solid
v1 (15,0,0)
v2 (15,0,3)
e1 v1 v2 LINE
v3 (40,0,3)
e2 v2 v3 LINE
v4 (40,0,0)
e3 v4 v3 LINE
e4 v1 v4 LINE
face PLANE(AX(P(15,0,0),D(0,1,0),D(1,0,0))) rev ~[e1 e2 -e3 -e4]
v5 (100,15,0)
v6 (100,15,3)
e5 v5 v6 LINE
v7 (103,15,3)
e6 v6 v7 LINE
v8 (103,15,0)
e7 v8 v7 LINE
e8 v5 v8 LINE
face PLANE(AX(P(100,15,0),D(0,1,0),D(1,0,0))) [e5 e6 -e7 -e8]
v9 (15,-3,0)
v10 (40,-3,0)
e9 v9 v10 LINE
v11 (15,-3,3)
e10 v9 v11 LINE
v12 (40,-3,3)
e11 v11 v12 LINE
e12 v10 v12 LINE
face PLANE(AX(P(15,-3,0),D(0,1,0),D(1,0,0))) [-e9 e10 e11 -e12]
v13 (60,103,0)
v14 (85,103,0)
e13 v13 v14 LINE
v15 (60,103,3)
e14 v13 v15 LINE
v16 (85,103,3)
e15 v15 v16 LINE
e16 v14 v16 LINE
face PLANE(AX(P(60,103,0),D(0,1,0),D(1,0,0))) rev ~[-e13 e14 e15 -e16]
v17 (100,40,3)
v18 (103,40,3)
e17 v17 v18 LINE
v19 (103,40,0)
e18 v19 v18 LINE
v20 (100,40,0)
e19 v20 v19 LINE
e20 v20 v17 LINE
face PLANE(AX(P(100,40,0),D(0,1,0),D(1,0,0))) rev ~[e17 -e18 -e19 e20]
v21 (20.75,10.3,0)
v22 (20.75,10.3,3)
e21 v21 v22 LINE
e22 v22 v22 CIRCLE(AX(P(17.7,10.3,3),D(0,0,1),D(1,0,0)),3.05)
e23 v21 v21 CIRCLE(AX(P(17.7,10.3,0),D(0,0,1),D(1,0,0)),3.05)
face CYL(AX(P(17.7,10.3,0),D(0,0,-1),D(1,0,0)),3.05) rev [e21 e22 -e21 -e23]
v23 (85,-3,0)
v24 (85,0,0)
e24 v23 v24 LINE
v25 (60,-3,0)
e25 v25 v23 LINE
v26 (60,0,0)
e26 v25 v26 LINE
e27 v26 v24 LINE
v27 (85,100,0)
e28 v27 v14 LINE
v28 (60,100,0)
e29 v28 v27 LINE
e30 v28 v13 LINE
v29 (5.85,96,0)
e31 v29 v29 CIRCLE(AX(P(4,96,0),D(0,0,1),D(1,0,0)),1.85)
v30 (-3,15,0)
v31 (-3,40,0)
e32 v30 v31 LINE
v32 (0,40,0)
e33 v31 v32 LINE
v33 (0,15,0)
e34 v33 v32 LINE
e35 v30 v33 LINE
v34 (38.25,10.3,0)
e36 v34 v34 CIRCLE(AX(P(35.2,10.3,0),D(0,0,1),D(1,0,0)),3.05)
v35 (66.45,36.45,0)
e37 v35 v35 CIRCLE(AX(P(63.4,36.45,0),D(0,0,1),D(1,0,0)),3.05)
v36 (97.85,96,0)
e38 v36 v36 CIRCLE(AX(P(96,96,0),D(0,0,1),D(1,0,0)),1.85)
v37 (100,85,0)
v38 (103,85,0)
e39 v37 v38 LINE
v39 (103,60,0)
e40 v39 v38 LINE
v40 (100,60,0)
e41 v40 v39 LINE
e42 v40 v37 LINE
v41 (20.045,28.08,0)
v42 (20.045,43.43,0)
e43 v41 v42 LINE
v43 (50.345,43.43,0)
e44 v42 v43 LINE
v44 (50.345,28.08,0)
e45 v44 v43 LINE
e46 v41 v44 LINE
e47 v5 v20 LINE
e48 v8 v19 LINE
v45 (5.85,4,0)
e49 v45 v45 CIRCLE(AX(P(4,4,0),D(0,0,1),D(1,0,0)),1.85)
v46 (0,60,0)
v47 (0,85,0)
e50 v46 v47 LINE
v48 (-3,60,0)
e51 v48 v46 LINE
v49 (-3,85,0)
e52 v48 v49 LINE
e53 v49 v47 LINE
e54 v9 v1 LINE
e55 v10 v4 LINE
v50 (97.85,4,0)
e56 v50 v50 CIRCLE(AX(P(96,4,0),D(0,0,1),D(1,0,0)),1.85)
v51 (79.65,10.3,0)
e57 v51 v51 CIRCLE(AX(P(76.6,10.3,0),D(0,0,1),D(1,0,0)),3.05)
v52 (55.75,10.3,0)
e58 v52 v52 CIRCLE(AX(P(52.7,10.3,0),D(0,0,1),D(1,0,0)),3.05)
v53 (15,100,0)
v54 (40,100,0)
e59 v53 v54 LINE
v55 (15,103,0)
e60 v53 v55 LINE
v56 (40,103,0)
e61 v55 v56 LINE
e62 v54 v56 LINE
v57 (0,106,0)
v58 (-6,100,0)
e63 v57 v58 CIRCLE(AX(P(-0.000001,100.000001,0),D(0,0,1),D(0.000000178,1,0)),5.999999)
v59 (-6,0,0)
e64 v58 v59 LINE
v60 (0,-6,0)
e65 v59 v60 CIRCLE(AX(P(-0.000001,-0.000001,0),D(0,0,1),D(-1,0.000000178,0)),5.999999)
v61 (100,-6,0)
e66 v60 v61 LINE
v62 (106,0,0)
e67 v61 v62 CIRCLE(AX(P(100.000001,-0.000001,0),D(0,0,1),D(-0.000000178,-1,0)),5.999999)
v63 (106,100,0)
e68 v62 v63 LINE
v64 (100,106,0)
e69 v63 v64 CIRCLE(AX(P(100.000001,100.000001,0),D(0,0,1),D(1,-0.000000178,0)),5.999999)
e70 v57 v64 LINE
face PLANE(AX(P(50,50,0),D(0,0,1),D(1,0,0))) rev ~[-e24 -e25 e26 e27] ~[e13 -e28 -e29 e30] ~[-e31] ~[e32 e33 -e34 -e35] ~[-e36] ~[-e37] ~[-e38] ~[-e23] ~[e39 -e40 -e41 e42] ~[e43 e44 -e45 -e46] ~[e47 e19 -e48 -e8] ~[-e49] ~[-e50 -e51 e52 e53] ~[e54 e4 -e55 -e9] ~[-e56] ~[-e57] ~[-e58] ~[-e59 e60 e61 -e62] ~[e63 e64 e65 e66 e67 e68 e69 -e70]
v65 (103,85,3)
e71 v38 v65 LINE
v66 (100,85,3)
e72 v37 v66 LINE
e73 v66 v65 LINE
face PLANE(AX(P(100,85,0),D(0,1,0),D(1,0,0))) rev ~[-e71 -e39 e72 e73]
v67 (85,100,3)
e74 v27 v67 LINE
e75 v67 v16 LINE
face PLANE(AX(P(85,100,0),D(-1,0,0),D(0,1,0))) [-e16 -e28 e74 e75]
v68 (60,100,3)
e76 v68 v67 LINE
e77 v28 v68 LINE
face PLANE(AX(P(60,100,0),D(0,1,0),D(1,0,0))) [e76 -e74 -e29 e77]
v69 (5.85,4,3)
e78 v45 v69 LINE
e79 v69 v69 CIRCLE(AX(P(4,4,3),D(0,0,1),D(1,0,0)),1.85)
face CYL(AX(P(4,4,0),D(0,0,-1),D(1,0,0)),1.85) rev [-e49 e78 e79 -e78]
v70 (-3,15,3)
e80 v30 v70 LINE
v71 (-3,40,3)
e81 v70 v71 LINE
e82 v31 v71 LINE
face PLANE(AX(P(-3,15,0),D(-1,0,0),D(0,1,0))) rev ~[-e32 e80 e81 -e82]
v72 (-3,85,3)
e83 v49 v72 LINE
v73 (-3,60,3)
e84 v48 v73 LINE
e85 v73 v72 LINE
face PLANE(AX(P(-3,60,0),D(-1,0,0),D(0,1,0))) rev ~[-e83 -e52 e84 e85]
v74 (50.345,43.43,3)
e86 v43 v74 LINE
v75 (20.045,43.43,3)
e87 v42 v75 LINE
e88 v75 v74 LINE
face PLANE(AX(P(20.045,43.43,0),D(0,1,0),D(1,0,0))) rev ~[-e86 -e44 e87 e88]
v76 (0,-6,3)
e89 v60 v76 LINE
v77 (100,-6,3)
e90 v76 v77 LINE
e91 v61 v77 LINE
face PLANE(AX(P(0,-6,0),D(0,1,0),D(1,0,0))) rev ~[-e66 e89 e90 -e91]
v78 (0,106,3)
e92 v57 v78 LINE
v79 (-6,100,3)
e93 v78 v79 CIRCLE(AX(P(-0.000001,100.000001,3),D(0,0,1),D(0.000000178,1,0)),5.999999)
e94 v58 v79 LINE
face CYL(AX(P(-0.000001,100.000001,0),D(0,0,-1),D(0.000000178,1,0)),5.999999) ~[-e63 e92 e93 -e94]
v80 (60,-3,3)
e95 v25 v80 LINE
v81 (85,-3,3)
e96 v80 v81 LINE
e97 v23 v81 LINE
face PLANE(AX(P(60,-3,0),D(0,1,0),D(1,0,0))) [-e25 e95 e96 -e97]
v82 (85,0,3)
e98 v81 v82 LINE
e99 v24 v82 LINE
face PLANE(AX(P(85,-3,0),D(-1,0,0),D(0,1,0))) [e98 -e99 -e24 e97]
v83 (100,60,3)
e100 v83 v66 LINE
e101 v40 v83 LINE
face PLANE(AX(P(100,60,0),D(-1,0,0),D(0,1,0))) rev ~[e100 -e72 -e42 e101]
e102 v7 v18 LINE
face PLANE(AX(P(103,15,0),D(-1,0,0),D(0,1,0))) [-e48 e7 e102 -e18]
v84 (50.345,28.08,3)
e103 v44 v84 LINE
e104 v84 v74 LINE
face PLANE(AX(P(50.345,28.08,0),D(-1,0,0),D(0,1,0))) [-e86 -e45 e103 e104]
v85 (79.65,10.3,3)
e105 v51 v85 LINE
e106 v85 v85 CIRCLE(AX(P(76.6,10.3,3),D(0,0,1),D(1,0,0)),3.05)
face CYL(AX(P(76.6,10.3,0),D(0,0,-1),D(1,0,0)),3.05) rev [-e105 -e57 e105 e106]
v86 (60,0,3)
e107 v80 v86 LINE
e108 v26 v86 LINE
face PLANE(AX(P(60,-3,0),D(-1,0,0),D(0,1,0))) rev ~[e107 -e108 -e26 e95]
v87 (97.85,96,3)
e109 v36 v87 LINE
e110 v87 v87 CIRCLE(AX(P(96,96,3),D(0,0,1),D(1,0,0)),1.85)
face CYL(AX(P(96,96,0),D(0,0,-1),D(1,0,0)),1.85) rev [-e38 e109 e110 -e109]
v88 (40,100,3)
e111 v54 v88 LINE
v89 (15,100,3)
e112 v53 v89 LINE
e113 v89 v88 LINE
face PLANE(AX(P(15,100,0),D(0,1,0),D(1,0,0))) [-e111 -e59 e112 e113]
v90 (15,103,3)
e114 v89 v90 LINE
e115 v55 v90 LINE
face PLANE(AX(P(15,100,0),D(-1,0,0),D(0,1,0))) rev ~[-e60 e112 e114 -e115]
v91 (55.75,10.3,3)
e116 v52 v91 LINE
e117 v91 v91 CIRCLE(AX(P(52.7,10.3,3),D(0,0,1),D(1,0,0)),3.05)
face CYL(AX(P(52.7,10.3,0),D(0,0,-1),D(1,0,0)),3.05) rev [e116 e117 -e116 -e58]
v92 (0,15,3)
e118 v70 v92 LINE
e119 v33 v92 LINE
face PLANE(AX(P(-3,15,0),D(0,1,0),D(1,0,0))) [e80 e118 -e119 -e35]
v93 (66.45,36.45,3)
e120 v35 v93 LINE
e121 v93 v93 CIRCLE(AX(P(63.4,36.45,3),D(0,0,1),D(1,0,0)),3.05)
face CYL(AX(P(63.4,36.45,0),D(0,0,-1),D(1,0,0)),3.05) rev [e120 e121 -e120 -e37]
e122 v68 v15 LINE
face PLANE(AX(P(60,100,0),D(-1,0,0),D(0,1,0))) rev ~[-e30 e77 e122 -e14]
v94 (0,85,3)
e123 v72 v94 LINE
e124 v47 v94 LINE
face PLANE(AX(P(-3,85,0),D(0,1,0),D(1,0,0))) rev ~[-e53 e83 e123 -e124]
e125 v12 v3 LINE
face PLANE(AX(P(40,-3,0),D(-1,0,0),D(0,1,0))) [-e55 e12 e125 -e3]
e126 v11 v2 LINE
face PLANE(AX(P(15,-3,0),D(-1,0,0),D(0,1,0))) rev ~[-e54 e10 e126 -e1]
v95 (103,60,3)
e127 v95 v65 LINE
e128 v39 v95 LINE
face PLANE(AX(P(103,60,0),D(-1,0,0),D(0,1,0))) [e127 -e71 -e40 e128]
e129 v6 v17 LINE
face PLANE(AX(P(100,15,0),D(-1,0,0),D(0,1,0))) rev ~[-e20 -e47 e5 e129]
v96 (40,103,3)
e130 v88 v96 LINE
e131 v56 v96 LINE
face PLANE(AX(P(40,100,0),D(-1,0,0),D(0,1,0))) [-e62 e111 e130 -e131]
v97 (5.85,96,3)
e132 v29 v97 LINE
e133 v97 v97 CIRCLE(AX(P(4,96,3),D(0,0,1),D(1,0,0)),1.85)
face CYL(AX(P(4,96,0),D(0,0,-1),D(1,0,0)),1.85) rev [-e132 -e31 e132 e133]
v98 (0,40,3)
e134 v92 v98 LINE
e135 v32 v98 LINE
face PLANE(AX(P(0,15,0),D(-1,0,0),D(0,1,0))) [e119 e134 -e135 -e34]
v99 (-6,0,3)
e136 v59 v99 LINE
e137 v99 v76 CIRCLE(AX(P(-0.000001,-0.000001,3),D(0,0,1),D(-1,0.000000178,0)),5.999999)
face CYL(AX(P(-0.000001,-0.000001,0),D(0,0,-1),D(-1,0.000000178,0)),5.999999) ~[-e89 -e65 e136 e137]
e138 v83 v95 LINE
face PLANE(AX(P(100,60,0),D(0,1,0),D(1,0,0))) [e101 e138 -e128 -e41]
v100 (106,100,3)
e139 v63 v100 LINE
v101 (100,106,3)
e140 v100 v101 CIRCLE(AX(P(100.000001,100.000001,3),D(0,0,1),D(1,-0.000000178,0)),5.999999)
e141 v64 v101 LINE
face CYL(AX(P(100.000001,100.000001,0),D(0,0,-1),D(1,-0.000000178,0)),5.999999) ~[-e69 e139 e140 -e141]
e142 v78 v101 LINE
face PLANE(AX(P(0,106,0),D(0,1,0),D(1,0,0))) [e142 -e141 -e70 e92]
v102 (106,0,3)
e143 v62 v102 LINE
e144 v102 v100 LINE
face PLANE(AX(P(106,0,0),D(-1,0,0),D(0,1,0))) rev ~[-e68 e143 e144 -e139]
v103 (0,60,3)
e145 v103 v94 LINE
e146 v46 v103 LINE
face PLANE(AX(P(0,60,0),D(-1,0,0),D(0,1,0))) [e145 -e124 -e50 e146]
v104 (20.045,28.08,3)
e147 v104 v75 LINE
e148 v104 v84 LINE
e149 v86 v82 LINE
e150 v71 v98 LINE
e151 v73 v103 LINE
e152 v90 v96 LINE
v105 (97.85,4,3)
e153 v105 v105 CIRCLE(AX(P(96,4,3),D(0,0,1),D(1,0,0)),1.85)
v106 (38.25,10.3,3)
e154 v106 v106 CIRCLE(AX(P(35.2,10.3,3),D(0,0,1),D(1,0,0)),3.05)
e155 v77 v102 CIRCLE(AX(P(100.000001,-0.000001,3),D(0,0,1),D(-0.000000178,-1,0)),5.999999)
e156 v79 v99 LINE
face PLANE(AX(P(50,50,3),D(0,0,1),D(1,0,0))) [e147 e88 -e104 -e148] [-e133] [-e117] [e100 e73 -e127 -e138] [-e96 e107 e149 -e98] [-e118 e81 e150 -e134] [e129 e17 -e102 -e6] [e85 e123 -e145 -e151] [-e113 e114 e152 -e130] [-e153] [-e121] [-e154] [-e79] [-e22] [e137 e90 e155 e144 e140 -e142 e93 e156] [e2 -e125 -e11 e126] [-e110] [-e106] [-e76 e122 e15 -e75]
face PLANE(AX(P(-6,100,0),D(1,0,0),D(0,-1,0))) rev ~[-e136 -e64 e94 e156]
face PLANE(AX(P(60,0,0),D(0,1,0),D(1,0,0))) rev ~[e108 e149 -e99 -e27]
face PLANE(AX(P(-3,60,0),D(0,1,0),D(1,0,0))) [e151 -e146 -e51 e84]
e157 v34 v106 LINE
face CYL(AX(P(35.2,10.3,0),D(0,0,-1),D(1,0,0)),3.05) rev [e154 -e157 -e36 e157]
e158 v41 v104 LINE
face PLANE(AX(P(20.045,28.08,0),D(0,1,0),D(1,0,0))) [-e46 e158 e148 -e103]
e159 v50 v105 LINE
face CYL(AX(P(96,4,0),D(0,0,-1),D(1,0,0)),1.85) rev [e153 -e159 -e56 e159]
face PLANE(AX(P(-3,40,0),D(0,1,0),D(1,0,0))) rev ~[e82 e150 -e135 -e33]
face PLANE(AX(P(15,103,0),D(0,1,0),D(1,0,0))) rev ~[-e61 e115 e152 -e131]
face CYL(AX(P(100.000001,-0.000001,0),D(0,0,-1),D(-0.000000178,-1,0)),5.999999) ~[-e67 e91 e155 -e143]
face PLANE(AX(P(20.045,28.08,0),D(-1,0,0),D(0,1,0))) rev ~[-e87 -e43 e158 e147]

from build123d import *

# Parameters (mm, degrees)
SKETCH_R      = 3.05
SKETCH_R_2    = 1.85
SKETCH_W      = 30.3
SKETCH_H      = 15.35
SKETCH_W_2    = 25
SKETCH_H_2    = 3
SKETCH_W_3    = 3
SKETCH_H_3    = 25
EXTRUDE_DEPTH = 3


with BuildPart() as part:
    # Sketch → Extrude (new body)
    with BuildSketch(Plane.XY):
        with BuildLine():
            ThreePointArc((0, 106), (-4.242641, 104.242641), (-6, 100))
            Line((-6, 100), (-6, 0))
            ThreePointArc((-6, 0), (-4.242641, -4.242641), (0, -6))
            Line((0, -6), (100, -6))
            ThreePointArc((100, -6), (104.242641, -4.242641), (106, 0))
            Line((106, 0), (106, 100))
            ThreePointArc((106, 100), (104.242641, 104.242641), (100, 106))
            Line((0, 106), (100, 106))
        make_face()
        with Locations((17.7, 10.3)):
            Circle(SKETCH_R, mode=Mode.SUBTRACT)
        with Locations((35.2, 10.3)):
            Circle(SKETCH_R, mode=Mode.SUBTRACT)
        with Locations((52.7, 10.3)):
            Circle(SKETCH_R, mode=Mode.SUBTRACT)
        with Locations((76.6, 10.3)):
            Circle(SKETCH_R, mode=Mode.SUBTRACT)
        with Locations((63.4, 36.45)):
            Circle(SKETCH_R, mode=Mode.SUBTRACT)
        with Locations((4, 96)):
            Circle(SKETCH_R_2, mode=Mode.SUBTRACT)
        with Locations((96, 96)):
            Circle(SKETCH_R_2, mode=Mode.SUBTRACT)
        with Locations((96, 4)):
            Circle(SKETCH_R_2, mode=Mode.SUBTRACT)
        with Locations((4, 4)):
            Circle(SKETCH_R_2, mode=Mode.SUBTRACT)
        with Locations((35.195, 35.755)):
            Rectangle(SKETCH_W, SKETCH_H, mode=Mode.SUBTRACT)
        with Locations((27.5, 101.5)):
            Rectangle(SKETCH_W_2, SKETCH_H_2, mode=Mode.SUBTRACT)
        with Locations((72.5, 101.5)):
            Rectangle(SKETCH_W_2, SKETCH_H_2, mode=Mode.SUBTRACT)
        with Locations((101.5, 72.5)):
            Rectangle(SKETCH_W_3, SKETCH_H_3, mode=Mode.SUBTRACT)
        with Locations((101.5, 27.5)):
            Rectangle(SKETCH_W_3, SKETCH_H_3, mode=Mode.SUBTRACT)
        with Locations((72.5, -1.5)):
            Rectangle(SKETCH_W_2, SKETCH_H_2, mode=Mode.SUBTRACT)
        with Locations((27.5, -1.5)):
            Rectangle(SKETCH_W_2, SKETCH_H_2, mode=Mode.SUBTRACT)
        with Locations((-1.5, 27.5)):
            Rectangle(SKETCH_W_3, SKETCH_H_3, mode=Mode.SUBTRACT)
        with Locations((-1.5, 72.5)):
            Rectangle(SKETCH_W_3, SKETCH_H_3, mode=Mode.SUBTRACT)
    extrude(amount=EXTRUDE_DEPTH)


solid = part.part
